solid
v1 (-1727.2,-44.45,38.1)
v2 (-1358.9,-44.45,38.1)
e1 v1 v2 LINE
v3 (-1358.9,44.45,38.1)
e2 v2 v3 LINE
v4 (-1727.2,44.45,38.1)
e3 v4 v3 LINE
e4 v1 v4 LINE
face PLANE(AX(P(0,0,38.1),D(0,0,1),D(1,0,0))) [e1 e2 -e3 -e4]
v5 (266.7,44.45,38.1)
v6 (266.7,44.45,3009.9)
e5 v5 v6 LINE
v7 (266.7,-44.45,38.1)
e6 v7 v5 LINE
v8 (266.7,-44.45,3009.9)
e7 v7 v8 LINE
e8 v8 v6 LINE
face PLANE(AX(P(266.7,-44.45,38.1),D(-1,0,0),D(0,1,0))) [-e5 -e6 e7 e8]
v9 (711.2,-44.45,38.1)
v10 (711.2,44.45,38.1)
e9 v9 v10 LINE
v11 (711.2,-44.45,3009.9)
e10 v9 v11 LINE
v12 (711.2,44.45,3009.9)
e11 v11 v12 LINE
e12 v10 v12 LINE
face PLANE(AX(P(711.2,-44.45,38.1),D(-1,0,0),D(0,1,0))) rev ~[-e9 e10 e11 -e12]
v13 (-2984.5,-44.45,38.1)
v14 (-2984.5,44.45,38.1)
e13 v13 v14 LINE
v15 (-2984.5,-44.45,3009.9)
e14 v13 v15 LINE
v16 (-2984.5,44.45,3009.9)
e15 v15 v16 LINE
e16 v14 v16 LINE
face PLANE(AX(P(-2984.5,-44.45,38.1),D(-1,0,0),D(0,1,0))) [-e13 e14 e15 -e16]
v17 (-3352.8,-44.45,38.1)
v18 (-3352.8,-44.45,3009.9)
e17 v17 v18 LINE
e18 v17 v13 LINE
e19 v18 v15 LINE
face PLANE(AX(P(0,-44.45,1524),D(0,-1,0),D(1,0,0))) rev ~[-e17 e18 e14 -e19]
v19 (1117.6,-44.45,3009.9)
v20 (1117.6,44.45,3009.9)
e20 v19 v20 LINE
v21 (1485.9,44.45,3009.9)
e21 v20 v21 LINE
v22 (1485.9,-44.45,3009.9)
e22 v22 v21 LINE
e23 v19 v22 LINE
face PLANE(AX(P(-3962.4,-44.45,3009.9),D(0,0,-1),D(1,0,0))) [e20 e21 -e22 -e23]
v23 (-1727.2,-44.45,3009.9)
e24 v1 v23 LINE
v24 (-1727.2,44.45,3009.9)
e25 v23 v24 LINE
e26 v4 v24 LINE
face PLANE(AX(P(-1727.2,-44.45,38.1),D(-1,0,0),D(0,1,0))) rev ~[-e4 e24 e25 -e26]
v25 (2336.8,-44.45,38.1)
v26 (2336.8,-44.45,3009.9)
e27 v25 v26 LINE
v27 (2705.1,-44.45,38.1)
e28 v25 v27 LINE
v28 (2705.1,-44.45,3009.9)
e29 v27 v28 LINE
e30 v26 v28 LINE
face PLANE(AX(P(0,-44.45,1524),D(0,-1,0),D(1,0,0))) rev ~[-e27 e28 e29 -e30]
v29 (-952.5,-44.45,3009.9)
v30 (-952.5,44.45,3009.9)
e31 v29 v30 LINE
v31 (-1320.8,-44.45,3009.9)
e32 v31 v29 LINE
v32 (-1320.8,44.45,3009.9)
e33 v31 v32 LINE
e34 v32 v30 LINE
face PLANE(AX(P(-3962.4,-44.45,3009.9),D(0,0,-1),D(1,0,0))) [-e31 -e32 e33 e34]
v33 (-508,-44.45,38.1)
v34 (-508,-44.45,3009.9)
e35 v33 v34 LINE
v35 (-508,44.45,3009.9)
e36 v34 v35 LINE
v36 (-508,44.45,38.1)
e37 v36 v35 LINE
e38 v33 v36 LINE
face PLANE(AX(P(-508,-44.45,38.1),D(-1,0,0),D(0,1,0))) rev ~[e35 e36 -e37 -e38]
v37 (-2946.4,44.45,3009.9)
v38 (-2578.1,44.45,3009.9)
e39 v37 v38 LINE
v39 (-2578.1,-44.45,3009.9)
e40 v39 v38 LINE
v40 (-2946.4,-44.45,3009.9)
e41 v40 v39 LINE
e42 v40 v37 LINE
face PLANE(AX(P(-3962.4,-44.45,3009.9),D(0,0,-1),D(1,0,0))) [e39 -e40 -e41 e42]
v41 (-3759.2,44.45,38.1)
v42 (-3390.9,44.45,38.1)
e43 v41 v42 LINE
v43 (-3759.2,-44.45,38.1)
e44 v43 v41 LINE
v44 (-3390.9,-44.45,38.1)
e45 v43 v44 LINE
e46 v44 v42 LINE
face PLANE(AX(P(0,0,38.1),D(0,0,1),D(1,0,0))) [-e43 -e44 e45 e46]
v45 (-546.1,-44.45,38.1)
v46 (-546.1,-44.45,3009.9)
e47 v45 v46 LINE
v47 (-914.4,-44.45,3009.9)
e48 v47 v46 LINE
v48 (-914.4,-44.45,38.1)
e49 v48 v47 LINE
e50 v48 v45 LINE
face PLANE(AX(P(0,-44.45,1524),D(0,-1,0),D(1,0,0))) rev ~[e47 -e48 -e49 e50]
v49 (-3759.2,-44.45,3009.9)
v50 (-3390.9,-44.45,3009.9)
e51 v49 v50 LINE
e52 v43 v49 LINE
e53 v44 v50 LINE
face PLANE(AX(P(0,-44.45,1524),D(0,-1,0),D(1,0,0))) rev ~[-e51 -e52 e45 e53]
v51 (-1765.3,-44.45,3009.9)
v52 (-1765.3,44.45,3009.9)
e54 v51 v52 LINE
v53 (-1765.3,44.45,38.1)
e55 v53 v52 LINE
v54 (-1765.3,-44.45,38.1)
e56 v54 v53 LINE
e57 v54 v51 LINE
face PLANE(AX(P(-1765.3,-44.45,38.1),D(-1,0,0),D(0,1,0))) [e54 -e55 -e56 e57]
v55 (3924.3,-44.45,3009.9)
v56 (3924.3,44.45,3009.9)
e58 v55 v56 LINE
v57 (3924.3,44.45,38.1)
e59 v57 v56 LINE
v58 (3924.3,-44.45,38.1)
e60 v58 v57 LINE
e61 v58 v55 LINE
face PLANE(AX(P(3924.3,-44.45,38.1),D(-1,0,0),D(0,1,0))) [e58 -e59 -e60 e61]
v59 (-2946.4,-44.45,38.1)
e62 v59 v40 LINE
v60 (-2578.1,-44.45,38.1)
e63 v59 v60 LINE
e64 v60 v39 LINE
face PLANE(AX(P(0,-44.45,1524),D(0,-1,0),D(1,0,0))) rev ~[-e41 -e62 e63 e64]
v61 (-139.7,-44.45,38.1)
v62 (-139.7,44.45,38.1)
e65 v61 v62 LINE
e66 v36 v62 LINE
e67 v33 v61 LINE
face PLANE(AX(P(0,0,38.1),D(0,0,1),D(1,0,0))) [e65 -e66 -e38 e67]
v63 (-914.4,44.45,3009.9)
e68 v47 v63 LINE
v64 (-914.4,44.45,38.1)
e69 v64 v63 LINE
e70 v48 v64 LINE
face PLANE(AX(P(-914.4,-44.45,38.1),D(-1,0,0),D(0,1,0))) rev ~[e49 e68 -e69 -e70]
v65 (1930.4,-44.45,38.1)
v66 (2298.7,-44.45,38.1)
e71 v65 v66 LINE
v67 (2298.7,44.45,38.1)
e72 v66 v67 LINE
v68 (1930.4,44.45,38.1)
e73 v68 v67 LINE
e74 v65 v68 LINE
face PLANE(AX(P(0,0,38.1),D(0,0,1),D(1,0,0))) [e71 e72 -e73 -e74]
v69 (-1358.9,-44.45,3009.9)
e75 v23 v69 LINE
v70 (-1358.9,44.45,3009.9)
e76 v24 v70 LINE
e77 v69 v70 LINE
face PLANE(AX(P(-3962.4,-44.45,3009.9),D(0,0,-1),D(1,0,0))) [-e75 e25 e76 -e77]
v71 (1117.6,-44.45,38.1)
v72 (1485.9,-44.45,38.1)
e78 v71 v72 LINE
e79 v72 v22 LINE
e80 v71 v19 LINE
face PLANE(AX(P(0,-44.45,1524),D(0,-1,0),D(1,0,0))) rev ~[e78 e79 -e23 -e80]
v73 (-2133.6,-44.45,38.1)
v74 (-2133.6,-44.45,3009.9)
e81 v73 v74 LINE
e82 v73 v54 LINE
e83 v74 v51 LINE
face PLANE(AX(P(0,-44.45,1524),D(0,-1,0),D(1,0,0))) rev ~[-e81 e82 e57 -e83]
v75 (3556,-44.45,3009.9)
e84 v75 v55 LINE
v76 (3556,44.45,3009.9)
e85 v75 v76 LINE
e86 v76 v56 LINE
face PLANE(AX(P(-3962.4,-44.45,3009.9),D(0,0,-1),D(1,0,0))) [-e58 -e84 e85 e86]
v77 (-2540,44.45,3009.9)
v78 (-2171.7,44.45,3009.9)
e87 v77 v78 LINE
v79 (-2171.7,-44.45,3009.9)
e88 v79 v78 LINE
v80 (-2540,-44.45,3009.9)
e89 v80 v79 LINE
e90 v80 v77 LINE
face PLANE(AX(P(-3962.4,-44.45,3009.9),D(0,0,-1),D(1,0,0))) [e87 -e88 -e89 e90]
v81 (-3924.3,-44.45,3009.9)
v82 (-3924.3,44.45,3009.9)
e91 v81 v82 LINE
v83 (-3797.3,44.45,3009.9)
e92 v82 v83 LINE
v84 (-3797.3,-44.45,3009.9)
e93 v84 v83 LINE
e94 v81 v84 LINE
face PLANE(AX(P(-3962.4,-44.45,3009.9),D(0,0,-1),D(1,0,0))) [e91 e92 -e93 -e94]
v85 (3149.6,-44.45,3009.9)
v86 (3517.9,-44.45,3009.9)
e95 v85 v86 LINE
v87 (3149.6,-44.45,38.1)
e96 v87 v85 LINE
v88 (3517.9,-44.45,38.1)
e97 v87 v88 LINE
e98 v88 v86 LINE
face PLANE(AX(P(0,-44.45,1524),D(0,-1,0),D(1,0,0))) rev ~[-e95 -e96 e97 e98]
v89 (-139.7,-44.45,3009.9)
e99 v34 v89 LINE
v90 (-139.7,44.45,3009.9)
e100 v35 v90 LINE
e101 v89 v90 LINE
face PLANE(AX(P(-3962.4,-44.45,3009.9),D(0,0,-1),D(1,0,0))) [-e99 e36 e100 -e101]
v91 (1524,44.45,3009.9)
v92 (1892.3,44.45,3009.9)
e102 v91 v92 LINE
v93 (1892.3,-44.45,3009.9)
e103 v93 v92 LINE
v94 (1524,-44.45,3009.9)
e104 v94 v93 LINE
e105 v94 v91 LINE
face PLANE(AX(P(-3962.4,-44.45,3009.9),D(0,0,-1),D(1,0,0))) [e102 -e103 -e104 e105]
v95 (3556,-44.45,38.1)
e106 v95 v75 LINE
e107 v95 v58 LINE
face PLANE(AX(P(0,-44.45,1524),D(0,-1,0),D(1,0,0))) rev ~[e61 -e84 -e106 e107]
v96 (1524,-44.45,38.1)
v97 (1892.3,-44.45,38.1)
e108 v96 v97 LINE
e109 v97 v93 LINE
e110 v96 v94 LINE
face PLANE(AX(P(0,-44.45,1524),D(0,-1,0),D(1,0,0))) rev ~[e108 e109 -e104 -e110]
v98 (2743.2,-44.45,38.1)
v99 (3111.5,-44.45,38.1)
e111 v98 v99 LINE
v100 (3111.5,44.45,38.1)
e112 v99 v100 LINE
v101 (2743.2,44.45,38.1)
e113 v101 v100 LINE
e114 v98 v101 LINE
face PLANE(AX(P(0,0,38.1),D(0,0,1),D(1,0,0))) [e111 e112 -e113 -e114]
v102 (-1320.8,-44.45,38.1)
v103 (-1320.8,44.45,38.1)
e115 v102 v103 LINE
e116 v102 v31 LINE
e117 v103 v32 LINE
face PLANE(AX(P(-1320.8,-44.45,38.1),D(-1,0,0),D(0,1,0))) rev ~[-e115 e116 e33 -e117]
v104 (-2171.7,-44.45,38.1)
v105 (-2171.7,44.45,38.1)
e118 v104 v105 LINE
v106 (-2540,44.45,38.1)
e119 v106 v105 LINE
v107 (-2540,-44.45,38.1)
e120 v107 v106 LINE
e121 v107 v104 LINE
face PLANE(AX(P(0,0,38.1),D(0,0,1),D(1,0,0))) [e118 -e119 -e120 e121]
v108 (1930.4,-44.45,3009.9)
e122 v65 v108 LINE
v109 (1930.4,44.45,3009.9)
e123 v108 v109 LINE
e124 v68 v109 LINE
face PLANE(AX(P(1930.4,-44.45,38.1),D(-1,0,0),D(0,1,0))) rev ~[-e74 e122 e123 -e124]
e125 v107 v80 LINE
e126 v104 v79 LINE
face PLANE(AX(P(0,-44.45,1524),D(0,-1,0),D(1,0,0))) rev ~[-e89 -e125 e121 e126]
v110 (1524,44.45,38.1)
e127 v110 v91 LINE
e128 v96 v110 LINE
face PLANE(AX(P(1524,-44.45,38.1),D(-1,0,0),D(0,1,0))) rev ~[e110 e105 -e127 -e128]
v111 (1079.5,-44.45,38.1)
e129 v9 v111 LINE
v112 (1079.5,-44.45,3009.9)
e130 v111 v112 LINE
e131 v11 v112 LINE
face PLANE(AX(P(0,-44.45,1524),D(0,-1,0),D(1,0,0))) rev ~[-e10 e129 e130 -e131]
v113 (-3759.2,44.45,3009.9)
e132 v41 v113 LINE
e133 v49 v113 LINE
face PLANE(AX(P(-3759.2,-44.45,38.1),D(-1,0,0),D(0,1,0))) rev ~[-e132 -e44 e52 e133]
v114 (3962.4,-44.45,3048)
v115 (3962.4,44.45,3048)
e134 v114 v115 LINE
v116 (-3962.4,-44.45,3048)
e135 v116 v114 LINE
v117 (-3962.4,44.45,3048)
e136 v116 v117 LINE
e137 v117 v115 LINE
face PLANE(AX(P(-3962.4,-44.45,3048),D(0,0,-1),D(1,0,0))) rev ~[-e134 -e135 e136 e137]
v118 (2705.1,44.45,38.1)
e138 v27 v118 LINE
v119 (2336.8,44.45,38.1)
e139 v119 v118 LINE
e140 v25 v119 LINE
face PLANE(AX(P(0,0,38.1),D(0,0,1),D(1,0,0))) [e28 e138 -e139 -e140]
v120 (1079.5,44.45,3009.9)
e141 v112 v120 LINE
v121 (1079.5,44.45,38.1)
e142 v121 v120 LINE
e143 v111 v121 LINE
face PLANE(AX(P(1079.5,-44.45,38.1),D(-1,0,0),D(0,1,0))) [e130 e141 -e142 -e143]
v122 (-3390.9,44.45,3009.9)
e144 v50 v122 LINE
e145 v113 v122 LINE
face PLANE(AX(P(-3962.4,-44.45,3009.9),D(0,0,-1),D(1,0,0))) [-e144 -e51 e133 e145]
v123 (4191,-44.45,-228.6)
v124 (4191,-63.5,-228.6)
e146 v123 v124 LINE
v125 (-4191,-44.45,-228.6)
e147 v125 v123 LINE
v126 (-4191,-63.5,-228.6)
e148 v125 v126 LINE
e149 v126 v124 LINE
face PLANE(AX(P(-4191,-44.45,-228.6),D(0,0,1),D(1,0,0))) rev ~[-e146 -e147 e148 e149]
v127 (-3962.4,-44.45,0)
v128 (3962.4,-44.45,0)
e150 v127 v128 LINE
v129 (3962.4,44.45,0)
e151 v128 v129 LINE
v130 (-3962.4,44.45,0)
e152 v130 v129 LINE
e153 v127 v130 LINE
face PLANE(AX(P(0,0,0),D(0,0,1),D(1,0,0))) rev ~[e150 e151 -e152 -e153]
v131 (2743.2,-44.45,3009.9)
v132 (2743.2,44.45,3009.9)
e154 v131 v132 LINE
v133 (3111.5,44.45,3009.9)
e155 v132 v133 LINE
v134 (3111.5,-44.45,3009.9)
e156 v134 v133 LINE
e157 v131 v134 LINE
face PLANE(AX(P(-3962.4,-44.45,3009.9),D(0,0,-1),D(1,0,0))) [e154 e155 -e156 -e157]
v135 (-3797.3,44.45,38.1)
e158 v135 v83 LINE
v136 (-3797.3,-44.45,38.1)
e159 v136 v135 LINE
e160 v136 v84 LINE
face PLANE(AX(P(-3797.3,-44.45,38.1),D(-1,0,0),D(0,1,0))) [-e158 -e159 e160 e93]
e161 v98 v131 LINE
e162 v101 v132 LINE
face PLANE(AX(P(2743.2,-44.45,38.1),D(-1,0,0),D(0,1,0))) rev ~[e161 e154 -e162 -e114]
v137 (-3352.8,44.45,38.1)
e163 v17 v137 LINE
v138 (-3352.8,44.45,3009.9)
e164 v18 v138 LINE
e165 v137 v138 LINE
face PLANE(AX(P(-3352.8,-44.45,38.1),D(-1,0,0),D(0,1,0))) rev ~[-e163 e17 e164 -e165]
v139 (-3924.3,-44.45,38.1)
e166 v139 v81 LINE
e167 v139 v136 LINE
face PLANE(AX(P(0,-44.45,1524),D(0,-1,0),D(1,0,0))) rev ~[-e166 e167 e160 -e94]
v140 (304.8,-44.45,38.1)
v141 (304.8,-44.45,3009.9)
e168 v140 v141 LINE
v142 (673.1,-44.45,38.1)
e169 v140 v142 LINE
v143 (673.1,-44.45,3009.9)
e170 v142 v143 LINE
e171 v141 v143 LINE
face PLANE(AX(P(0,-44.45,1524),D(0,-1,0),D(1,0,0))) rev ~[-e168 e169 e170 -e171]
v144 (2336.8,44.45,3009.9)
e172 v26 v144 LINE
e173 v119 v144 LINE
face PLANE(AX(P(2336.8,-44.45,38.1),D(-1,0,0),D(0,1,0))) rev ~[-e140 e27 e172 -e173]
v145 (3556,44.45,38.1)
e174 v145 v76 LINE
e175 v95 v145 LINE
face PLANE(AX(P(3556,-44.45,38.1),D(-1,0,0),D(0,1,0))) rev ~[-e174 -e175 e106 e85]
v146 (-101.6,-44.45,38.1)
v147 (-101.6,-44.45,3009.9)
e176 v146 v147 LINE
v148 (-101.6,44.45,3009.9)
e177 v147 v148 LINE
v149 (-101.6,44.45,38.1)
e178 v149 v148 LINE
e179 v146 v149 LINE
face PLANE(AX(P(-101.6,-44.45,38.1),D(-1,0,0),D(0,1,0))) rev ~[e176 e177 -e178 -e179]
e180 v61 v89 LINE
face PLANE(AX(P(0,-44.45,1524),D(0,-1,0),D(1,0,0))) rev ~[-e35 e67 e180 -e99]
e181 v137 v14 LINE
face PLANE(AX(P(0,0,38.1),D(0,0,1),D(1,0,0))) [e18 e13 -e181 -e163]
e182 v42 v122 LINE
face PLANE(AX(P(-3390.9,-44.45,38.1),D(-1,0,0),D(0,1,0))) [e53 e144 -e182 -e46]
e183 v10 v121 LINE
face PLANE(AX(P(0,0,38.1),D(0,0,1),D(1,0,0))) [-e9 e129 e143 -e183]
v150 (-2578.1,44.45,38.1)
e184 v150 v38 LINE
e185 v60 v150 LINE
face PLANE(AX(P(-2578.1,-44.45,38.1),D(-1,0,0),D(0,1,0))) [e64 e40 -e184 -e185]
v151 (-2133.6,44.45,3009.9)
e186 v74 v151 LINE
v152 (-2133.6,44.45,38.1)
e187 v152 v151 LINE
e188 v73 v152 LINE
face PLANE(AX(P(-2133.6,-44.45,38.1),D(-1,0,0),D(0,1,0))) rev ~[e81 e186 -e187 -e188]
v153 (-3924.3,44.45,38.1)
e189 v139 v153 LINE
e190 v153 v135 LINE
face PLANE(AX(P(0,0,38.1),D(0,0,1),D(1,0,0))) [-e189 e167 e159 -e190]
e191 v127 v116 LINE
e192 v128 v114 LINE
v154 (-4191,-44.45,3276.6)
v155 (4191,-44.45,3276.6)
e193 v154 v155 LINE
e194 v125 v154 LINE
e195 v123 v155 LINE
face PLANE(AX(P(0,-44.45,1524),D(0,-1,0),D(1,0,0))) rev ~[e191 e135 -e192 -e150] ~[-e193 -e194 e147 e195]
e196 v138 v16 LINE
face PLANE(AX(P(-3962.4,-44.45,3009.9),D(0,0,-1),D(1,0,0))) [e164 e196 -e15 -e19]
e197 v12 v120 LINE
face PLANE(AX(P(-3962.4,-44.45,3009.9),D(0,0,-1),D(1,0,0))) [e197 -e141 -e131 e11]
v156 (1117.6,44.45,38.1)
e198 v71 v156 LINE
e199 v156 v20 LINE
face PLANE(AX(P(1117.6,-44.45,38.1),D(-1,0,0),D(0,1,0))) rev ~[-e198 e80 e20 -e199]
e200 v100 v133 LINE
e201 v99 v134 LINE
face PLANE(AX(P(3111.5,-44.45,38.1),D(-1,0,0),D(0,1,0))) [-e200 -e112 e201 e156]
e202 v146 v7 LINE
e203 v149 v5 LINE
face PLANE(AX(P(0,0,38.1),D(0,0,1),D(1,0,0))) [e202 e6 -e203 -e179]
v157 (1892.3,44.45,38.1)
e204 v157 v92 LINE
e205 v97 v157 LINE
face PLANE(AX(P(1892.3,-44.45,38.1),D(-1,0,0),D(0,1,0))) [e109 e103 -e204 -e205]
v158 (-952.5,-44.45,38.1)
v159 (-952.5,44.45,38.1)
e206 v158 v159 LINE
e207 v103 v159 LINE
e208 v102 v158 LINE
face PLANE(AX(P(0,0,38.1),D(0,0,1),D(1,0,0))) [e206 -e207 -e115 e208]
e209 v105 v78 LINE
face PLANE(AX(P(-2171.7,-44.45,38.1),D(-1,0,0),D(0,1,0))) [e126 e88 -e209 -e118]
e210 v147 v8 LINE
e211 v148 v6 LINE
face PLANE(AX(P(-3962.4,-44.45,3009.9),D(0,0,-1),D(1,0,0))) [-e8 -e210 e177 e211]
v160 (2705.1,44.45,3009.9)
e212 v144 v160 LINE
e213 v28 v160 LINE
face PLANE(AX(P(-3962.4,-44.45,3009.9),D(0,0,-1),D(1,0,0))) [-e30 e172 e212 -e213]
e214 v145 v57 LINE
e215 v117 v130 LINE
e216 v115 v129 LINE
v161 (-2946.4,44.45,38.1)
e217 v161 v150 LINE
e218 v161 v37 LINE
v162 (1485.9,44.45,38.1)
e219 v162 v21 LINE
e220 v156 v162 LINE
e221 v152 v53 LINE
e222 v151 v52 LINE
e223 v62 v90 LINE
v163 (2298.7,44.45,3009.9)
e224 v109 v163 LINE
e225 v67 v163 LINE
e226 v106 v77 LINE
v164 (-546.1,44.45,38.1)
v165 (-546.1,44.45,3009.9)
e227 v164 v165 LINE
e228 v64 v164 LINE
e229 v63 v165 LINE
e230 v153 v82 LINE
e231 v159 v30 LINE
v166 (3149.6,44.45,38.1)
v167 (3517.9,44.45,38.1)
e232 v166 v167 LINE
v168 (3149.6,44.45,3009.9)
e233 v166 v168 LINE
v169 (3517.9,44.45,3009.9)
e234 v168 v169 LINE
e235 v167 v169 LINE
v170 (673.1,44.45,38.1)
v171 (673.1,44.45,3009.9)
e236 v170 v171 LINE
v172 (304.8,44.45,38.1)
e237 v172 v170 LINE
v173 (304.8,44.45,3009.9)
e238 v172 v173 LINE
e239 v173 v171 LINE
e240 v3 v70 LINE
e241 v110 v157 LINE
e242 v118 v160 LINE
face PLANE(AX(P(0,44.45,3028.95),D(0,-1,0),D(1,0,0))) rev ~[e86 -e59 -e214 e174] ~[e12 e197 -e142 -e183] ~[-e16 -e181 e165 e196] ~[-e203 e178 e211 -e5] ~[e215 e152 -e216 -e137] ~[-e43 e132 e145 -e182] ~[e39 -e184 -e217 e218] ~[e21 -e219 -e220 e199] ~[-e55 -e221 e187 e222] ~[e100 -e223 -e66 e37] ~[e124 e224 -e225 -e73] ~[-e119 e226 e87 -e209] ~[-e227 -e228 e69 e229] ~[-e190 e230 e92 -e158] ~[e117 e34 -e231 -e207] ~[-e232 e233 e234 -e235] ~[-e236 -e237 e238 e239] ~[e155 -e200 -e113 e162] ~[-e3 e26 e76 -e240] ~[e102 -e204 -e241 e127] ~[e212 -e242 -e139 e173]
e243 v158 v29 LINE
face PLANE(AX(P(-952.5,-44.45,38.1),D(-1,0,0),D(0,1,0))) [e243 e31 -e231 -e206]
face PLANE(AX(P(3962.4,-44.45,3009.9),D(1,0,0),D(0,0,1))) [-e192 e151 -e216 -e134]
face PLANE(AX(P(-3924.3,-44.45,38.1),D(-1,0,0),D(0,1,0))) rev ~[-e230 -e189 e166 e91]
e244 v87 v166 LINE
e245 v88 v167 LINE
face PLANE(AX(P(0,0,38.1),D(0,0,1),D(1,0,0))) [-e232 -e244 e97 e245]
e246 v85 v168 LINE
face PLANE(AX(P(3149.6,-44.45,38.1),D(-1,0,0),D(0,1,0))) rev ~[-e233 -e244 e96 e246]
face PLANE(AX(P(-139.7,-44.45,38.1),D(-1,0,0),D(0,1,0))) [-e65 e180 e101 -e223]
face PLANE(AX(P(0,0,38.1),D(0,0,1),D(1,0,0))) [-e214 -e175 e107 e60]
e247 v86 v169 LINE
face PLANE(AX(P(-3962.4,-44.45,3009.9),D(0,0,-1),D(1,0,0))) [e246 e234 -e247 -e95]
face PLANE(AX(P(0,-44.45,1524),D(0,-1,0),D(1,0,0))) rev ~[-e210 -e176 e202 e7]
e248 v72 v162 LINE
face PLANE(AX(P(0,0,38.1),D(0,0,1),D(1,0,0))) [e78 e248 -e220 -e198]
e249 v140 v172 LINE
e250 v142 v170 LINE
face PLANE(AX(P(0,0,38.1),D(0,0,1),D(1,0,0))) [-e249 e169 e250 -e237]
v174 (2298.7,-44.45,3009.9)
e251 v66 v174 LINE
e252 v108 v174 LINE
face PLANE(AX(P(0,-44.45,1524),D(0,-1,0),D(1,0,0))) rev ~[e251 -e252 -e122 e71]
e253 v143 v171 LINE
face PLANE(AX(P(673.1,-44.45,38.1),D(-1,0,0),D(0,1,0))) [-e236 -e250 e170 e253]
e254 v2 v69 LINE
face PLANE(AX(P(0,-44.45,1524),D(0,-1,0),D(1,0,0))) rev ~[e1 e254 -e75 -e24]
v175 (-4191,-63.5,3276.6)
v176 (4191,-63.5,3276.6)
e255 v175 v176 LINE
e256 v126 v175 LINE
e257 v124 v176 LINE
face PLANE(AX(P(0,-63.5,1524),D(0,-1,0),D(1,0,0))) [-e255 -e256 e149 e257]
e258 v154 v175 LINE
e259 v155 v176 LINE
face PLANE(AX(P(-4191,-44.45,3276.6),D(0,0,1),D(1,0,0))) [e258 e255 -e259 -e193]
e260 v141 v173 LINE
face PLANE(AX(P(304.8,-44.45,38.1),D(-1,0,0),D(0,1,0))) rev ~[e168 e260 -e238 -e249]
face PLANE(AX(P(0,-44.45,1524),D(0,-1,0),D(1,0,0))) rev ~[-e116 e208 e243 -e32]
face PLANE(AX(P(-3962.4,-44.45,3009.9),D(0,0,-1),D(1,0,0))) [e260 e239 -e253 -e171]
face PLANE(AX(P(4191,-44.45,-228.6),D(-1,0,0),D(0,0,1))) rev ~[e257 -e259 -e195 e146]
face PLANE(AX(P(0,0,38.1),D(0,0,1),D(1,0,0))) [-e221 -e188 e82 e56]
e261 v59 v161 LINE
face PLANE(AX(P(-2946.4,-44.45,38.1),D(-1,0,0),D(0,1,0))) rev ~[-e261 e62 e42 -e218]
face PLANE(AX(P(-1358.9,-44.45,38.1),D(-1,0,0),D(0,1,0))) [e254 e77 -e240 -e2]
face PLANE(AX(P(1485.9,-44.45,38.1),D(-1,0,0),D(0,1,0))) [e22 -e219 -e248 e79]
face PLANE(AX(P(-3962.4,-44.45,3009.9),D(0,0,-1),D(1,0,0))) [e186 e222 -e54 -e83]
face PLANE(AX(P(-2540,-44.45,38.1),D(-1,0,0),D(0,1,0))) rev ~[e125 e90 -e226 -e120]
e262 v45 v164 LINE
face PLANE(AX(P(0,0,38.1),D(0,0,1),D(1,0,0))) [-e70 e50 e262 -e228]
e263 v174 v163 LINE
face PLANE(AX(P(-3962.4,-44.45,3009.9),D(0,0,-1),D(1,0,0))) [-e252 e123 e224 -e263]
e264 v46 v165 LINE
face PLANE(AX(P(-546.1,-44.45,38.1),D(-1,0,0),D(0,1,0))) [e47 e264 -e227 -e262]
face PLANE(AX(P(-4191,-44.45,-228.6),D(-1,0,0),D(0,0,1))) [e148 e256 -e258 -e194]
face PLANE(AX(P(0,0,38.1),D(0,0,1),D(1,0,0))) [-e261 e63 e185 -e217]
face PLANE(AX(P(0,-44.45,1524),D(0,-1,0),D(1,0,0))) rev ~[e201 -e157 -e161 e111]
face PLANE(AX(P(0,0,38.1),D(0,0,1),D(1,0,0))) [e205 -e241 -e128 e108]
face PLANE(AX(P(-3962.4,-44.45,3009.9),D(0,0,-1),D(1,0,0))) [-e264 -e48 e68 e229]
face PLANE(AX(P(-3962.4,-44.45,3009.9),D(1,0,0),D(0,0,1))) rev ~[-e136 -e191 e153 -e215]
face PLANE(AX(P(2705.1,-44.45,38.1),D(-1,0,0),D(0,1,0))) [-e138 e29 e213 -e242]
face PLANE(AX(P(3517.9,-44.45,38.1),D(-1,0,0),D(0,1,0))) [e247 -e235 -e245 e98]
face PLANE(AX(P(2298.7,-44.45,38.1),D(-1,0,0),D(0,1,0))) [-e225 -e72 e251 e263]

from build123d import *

# Parameters (mm, degrees)
F0_W     = 7924.8
F0_H     = 88.9
F1_DEPTH = 38.1
F2_W     = 38.1
F2_H     = 88.9
F3_DEPTH = 2971.8
F4_W     = 7924.8
F4_H     = 38.1
F5_DEPTH = 88.9
F6_W     = 8382
F6_H     = 3505.2
F7_DEPTH = 19.05


with BuildPart() as f1:
    # F0 (on Top) → F1 (new body)
    with BuildSketch(Plane.XY):
        Rectangle(F0_W, F0_H)
    extrude(amount=F1_DEPTH)

    # F2 (on face) → F3 (join)
    with BuildSketch(Plane.XY.offset(38.1)):
        with Locations((3943.35, 0)):
            Rectangle(F2_W, F2_H)
        with Locations((3536.95, 0)):
            Rectangle(F2_W, F2_H)
        with Locations((3130.55, 0)):
            Rectangle(F2_W, F2_H)
        with Locations((2724.15, 0)):
            Rectangle(F2_W, F2_H)
        with Locations((2317.75, 0)):
            Rectangle(F2_W, F2_H)
        with Locations((1911.35, 0)):
            Rectangle(F2_W, F2_H)
        with Locations((1504.95, 0)):
            Rectangle(F2_W, F2_H)
        with Locations((1098.55, 0)):
            Rectangle(F2_W, F2_H)
        with Locations((692.15, 0)):
            Rectangle(F2_W, F2_H)
        with Locations((285.75, 0)):
            Rectangle(F2_W, F2_H)
        with Locations((-120.65, 0)):
            Rectangle(F2_W, F2_H)
        with Locations((-527.05, 0)):
            Rectangle(F2_W, F2_H)
        with Locations((-933.45, 0)):
            Rectangle(F2_W, F2_H)
        with Locations((-1339.85, 0)):
            Rectangle(F2_W, F2_H)
        with Locations((-1746.25, 0)):
            Rectangle(F2_W, F2_H)
        with Locations((-2152.65, 0)):
            Rectangle(F2_W, F2_H)
        with Locations((-2559.05, 0)):
            Rectangle(F2_W, F2_H)
        with Locations((-2965.45, 0)):
            Rectangle(F2_W, F2_H)
        with Locations((-3943.35, 0)):
            Rectangle(F2_W, F2_H)
        with Locations((-3371.85, 0)):
            Rectangle(F2_W, F2_H)
        with Locations((-3778.25, 0)):
            Rectangle(F2_W, F2_H)
    extrude(amount=F3_DEPTH)

    # F4 (on face) → F5 (join)
    with BuildSketch(Plane.XZ.offset(44.45)):
        with Locations((0, 3028.95)):
            Rectangle(F4_W, F4_H)
    extrude(amount=-F5_DEPTH)

    # F6 (on face) → F7 (join)
    with BuildSketch(Plane.XZ.offset(44.45)):
        with Locations((0, 1524)):
            Rectangle(F6_W, F6_H)
    extrude(amount=F7_DEPTH)


solid = f1.part
